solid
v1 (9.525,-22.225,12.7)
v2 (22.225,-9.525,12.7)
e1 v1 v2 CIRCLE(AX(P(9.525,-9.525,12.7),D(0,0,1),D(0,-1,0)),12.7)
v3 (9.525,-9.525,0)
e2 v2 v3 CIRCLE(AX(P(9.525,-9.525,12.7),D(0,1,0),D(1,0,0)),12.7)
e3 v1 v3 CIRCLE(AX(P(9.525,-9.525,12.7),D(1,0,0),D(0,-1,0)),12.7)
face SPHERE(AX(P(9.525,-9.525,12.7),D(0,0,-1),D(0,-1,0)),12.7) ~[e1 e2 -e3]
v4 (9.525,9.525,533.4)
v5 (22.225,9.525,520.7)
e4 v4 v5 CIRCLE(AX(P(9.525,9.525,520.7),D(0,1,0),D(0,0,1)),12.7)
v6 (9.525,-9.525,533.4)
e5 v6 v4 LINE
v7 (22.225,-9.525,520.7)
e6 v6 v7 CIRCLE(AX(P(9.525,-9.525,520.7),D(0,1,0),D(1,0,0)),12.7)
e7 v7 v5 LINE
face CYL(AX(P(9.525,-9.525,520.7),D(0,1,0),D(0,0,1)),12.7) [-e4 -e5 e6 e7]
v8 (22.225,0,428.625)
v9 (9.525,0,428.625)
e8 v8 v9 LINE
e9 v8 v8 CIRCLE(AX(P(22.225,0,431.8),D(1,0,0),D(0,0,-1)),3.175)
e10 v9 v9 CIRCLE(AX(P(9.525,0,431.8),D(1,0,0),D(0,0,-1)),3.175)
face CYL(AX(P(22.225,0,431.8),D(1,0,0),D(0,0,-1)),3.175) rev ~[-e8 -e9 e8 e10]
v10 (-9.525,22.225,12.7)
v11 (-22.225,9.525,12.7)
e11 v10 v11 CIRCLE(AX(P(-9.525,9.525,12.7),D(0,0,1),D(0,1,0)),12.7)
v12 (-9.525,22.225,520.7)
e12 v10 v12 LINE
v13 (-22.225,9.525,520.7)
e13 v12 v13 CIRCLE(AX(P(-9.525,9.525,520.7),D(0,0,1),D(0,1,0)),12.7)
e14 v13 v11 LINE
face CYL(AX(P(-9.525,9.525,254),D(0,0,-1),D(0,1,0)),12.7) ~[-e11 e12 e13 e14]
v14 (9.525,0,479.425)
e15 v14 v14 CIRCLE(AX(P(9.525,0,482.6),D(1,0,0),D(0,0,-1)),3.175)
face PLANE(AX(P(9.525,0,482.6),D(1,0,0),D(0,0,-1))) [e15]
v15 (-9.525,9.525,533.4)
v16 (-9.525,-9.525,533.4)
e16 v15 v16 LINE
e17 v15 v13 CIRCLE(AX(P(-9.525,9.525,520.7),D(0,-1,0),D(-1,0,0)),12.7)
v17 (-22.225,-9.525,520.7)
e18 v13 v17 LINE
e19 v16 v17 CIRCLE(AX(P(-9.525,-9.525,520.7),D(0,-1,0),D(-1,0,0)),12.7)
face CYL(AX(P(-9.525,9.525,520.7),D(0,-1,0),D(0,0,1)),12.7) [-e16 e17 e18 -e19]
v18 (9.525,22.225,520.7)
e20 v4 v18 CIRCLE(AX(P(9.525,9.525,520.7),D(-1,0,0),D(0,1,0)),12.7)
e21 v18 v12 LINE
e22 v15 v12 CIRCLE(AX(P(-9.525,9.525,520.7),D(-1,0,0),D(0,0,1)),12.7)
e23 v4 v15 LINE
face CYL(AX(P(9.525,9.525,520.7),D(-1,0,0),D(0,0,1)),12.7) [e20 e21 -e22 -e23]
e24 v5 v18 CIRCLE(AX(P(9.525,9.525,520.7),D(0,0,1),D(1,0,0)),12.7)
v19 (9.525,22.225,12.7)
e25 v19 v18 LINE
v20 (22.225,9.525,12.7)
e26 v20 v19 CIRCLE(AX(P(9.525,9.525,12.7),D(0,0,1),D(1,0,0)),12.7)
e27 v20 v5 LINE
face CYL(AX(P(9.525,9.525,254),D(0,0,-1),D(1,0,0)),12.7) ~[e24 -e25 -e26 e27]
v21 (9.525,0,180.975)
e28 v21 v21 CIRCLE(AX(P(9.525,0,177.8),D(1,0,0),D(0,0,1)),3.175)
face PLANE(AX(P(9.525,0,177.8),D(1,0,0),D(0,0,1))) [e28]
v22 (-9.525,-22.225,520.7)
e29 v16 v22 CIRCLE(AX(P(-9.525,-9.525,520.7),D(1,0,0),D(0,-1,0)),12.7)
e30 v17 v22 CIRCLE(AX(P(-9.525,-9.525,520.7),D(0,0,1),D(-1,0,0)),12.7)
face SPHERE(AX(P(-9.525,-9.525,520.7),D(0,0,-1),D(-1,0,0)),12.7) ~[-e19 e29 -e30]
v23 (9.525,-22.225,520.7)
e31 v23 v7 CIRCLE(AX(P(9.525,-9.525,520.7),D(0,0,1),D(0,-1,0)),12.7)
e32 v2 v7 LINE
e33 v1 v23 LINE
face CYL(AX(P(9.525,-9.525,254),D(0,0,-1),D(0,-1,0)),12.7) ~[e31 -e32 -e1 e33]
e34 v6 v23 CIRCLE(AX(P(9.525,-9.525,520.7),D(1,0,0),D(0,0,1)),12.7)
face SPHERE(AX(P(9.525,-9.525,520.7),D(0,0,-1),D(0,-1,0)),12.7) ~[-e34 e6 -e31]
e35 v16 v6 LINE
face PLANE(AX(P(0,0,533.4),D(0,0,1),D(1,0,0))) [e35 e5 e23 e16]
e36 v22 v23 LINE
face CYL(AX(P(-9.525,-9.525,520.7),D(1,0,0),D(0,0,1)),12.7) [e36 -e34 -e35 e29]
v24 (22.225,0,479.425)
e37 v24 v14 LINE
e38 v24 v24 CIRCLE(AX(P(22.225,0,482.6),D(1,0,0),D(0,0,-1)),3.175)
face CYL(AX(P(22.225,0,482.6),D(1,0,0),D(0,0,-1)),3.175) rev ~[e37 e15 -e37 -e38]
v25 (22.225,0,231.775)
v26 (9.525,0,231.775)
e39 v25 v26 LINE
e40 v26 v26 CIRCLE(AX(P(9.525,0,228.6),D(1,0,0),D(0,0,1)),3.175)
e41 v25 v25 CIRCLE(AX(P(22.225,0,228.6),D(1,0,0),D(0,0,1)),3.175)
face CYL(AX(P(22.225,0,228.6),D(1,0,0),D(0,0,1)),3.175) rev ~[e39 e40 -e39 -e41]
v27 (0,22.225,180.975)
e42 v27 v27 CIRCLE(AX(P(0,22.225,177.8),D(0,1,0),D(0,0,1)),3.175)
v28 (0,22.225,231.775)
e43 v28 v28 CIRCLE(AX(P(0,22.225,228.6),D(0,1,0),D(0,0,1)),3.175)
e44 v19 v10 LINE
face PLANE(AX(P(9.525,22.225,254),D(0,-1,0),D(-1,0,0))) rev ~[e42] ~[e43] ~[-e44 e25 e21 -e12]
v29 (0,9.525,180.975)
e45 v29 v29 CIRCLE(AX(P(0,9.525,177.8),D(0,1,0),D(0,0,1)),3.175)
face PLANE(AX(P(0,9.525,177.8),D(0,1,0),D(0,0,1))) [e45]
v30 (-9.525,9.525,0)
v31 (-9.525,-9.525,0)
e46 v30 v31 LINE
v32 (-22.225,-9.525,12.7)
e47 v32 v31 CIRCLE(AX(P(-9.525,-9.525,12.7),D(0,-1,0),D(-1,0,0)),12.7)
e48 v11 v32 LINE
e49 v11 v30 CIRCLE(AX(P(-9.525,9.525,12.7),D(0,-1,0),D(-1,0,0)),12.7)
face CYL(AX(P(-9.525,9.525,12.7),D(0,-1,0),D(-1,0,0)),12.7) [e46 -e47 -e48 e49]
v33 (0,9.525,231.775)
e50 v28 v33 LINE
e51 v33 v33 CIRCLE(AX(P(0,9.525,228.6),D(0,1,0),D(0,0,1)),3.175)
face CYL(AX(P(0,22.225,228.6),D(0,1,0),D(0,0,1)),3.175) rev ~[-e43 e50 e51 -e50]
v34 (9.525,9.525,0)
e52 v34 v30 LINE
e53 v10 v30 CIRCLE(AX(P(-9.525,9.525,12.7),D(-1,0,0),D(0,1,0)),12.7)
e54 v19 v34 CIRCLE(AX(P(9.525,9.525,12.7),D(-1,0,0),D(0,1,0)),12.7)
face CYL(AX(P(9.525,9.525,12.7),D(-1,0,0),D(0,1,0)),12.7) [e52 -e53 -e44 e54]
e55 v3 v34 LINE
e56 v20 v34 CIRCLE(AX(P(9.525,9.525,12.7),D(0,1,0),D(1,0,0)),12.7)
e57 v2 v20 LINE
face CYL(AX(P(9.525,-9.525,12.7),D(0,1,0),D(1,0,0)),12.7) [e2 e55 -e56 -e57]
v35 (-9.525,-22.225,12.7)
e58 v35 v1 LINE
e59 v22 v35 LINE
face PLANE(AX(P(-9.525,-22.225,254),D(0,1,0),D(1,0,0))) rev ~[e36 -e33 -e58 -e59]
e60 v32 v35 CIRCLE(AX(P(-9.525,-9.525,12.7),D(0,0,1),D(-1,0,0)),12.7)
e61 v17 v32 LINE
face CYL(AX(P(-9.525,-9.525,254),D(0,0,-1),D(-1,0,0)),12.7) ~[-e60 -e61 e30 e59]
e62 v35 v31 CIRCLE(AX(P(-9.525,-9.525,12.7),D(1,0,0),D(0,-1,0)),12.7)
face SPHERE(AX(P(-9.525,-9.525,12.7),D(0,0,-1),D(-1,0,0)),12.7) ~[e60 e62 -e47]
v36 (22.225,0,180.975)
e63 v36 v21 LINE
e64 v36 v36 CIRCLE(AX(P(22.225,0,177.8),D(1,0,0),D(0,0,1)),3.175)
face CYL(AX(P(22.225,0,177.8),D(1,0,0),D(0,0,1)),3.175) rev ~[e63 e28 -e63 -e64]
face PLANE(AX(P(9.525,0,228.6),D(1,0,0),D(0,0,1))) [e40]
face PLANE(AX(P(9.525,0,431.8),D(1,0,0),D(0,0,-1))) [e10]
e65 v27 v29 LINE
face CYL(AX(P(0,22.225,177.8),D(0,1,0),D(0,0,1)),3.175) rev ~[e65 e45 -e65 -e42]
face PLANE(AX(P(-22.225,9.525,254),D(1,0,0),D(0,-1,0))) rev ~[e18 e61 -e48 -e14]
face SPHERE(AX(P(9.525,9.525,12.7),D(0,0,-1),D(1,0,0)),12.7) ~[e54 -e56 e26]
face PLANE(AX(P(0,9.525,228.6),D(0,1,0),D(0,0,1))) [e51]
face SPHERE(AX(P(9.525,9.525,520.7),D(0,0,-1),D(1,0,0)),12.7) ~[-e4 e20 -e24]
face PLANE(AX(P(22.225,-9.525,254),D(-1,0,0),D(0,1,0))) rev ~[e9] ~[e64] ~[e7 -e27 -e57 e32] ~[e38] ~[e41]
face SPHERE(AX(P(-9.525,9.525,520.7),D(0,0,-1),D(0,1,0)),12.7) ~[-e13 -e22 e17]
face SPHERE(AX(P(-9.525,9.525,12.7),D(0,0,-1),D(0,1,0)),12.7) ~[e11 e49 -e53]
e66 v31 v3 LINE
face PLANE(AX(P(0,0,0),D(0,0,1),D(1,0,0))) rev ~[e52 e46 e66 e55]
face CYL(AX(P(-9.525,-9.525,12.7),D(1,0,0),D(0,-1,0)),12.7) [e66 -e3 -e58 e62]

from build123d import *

# Parameters (mm, degrees)
BOSS_EXTRUDE1_DEPTH = 254
FILLET1_R           = 12.7
SKETCH2_R           = 3.175
CUT_EXTRUDE1_DEPTH  = 12.7
CIRPATTERN2_COUNT   = 2
CIRPATTERN2_ANGLE   = 90
BOSS_EXTRUDE2_DEPTH = 279.4
FILLET2_R           = 12.7
SKETCH5_R           = 3.175
CUT_EXTRUDE2_DEPTH  = 12.7


with BuildPart() as part:
    # Sketch1 → Boss-Extrude1 (new body)
    with BuildSketch(Plane.XY):
        with BuildLine():
            Line((-9.525, -22.225), (9.525, -22.225))
            ThreePointArc((9.525, -22.225), (18.505256121, -18.505256121), (22.225, -9.525))
            Line((22.225, -9.525), (22.225, 9.525))
            ThreePointArc((22.225, 9.525), (18.505256121, 18.505256121), (9.525, 22.225))
            Line((9.525, 22.225), (-9.525, 22.225))
            ThreePointArc((-9.525, 22.225), (-18.505256121, 18.505256121), (-22.225, 9.525))
            Line((-22.225, 9.525), (-22.225, -9.525))
            ThreePointArc((-22.225, -9.525), (-18.505256121, -18.505256121), (-9.525, -22.225))
        make_face()
    extrude(amount=BOSS_EXTRUDE1_DEPTH)

    # Fillet1
    fillet1_edges = [part.edges().sort_by_distance(p)[0] for p in [
        (0, -22.225, 0),
        (-18.505256121, -18.505256121, 0),
        (-22.225, 0, 0),
        (-18.505256121, 18.505256121, 0),
        (0, 22.225, 0),
        (18.505256121, 18.505256121, 0),
        (22.225, 0, 0),
        (18.505256121, -18.505256121, 0),
    ]]
    fillet(fillet1_edges, radius=FILLET1_R)

    # Sketch2 → Cut-Extrude1 (cut)
    with BuildSketch(Plane(origin=(0, 22.225, 0), x_dir=(1, 0, 0), z_dir=(0, 1, 0))):
        with Locations(Location((0, -177.8, 0), (0, 0, 270))):  # turned: the seam where the file's is
            Circle(SKETCH2_R)
        with Locations(Location((0, -228.6, 0), (0, 0, 270))):  # turned: the seam where the file's is
            Circle(SKETCH2_R)
    cut_extrude1 = extrude(amount=-CUT_EXTRUDE1_DEPTH, mode=Mode.SUBTRACT)

    # CirPattern2: Cut-Extrude1 ×2 about axis
    cirpattern2_axis = Axis((0, 0, 1052.131449431), (0, 0, -1))
    for i in range(1, CIRPATTERN2_COUNT):
        add(cut_extrude1.rotate(cirpattern2_axis, i * CIRPATTERN2_ANGLE / (CIRPATTERN2_COUNT - 1)), mode=Mode.SUBTRACT)

    # Sketch4 → Boss-Extrude2 (add)
    with BuildSketch(Plane.XY.offset(254)):
        with BuildLine():
            Line((-9.525, -22.225), (9.525, -22.225))
            ThreePointArc((9.525, -22.225), (18.505256121, -18.505256121), (22.225, -9.525))
            Line((22.225, -9.525), (22.225, 9.525))
            ThreePointArc((22.225, 9.525), (18.505256121, 18.505256121), (9.525, 22.225))
            Line((9.525, 22.225), (-9.525, 22.225))
            ThreePointArc((-9.525, 22.225), (-18.505256121, 18.505256121), (-22.225, 9.525))
            Line((-22.225, 9.525), (-22.225, -9.525))
            ThreePointArc((-22.225, -9.525), (-18.505256121, -18.505256121), (-9.525, -22.225))
        make_face()
    extrude(amount=BOSS_EXTRUDE2_DEPTH)

    # Fillet2
    fillet2_edges = [part.edges().sort_by_distance(p)[0] for p in [
        (-18.505256121, -18.505256121, 533.4),
        (0, -22.225, 533.4),
        (18.505256121, -18.505256121, 533.4),
        (22.225, 0, 533.4),
        (18.505256121, 18.505256121, 533.4),
        (0, 22.225, 533.4),
        (-18.505256121, 18.505256121, 533.4),
        (-22.225, 0, 533.4),
    ]]
    fillet(fillet2_edges, radius=FILLET2_R)

    # Sketch5 → Cut-Extrude2 (cut)
    with BuildSketch(Plane(origin=(22.225, 0, 0), x_dir=(0, 0, -1), z_dir=(1, 0, 0))):
        with Locations((-431.8, 0)):
            Circle(SKETCH5_R)
        with Locations((-482.6, 0)):
            Circle(SKETCH5_R)
    extrude(amount=-CUT_EXTRUDE2_DEPTH, mode=Mode.SUBTRACT)


solid = part.part
